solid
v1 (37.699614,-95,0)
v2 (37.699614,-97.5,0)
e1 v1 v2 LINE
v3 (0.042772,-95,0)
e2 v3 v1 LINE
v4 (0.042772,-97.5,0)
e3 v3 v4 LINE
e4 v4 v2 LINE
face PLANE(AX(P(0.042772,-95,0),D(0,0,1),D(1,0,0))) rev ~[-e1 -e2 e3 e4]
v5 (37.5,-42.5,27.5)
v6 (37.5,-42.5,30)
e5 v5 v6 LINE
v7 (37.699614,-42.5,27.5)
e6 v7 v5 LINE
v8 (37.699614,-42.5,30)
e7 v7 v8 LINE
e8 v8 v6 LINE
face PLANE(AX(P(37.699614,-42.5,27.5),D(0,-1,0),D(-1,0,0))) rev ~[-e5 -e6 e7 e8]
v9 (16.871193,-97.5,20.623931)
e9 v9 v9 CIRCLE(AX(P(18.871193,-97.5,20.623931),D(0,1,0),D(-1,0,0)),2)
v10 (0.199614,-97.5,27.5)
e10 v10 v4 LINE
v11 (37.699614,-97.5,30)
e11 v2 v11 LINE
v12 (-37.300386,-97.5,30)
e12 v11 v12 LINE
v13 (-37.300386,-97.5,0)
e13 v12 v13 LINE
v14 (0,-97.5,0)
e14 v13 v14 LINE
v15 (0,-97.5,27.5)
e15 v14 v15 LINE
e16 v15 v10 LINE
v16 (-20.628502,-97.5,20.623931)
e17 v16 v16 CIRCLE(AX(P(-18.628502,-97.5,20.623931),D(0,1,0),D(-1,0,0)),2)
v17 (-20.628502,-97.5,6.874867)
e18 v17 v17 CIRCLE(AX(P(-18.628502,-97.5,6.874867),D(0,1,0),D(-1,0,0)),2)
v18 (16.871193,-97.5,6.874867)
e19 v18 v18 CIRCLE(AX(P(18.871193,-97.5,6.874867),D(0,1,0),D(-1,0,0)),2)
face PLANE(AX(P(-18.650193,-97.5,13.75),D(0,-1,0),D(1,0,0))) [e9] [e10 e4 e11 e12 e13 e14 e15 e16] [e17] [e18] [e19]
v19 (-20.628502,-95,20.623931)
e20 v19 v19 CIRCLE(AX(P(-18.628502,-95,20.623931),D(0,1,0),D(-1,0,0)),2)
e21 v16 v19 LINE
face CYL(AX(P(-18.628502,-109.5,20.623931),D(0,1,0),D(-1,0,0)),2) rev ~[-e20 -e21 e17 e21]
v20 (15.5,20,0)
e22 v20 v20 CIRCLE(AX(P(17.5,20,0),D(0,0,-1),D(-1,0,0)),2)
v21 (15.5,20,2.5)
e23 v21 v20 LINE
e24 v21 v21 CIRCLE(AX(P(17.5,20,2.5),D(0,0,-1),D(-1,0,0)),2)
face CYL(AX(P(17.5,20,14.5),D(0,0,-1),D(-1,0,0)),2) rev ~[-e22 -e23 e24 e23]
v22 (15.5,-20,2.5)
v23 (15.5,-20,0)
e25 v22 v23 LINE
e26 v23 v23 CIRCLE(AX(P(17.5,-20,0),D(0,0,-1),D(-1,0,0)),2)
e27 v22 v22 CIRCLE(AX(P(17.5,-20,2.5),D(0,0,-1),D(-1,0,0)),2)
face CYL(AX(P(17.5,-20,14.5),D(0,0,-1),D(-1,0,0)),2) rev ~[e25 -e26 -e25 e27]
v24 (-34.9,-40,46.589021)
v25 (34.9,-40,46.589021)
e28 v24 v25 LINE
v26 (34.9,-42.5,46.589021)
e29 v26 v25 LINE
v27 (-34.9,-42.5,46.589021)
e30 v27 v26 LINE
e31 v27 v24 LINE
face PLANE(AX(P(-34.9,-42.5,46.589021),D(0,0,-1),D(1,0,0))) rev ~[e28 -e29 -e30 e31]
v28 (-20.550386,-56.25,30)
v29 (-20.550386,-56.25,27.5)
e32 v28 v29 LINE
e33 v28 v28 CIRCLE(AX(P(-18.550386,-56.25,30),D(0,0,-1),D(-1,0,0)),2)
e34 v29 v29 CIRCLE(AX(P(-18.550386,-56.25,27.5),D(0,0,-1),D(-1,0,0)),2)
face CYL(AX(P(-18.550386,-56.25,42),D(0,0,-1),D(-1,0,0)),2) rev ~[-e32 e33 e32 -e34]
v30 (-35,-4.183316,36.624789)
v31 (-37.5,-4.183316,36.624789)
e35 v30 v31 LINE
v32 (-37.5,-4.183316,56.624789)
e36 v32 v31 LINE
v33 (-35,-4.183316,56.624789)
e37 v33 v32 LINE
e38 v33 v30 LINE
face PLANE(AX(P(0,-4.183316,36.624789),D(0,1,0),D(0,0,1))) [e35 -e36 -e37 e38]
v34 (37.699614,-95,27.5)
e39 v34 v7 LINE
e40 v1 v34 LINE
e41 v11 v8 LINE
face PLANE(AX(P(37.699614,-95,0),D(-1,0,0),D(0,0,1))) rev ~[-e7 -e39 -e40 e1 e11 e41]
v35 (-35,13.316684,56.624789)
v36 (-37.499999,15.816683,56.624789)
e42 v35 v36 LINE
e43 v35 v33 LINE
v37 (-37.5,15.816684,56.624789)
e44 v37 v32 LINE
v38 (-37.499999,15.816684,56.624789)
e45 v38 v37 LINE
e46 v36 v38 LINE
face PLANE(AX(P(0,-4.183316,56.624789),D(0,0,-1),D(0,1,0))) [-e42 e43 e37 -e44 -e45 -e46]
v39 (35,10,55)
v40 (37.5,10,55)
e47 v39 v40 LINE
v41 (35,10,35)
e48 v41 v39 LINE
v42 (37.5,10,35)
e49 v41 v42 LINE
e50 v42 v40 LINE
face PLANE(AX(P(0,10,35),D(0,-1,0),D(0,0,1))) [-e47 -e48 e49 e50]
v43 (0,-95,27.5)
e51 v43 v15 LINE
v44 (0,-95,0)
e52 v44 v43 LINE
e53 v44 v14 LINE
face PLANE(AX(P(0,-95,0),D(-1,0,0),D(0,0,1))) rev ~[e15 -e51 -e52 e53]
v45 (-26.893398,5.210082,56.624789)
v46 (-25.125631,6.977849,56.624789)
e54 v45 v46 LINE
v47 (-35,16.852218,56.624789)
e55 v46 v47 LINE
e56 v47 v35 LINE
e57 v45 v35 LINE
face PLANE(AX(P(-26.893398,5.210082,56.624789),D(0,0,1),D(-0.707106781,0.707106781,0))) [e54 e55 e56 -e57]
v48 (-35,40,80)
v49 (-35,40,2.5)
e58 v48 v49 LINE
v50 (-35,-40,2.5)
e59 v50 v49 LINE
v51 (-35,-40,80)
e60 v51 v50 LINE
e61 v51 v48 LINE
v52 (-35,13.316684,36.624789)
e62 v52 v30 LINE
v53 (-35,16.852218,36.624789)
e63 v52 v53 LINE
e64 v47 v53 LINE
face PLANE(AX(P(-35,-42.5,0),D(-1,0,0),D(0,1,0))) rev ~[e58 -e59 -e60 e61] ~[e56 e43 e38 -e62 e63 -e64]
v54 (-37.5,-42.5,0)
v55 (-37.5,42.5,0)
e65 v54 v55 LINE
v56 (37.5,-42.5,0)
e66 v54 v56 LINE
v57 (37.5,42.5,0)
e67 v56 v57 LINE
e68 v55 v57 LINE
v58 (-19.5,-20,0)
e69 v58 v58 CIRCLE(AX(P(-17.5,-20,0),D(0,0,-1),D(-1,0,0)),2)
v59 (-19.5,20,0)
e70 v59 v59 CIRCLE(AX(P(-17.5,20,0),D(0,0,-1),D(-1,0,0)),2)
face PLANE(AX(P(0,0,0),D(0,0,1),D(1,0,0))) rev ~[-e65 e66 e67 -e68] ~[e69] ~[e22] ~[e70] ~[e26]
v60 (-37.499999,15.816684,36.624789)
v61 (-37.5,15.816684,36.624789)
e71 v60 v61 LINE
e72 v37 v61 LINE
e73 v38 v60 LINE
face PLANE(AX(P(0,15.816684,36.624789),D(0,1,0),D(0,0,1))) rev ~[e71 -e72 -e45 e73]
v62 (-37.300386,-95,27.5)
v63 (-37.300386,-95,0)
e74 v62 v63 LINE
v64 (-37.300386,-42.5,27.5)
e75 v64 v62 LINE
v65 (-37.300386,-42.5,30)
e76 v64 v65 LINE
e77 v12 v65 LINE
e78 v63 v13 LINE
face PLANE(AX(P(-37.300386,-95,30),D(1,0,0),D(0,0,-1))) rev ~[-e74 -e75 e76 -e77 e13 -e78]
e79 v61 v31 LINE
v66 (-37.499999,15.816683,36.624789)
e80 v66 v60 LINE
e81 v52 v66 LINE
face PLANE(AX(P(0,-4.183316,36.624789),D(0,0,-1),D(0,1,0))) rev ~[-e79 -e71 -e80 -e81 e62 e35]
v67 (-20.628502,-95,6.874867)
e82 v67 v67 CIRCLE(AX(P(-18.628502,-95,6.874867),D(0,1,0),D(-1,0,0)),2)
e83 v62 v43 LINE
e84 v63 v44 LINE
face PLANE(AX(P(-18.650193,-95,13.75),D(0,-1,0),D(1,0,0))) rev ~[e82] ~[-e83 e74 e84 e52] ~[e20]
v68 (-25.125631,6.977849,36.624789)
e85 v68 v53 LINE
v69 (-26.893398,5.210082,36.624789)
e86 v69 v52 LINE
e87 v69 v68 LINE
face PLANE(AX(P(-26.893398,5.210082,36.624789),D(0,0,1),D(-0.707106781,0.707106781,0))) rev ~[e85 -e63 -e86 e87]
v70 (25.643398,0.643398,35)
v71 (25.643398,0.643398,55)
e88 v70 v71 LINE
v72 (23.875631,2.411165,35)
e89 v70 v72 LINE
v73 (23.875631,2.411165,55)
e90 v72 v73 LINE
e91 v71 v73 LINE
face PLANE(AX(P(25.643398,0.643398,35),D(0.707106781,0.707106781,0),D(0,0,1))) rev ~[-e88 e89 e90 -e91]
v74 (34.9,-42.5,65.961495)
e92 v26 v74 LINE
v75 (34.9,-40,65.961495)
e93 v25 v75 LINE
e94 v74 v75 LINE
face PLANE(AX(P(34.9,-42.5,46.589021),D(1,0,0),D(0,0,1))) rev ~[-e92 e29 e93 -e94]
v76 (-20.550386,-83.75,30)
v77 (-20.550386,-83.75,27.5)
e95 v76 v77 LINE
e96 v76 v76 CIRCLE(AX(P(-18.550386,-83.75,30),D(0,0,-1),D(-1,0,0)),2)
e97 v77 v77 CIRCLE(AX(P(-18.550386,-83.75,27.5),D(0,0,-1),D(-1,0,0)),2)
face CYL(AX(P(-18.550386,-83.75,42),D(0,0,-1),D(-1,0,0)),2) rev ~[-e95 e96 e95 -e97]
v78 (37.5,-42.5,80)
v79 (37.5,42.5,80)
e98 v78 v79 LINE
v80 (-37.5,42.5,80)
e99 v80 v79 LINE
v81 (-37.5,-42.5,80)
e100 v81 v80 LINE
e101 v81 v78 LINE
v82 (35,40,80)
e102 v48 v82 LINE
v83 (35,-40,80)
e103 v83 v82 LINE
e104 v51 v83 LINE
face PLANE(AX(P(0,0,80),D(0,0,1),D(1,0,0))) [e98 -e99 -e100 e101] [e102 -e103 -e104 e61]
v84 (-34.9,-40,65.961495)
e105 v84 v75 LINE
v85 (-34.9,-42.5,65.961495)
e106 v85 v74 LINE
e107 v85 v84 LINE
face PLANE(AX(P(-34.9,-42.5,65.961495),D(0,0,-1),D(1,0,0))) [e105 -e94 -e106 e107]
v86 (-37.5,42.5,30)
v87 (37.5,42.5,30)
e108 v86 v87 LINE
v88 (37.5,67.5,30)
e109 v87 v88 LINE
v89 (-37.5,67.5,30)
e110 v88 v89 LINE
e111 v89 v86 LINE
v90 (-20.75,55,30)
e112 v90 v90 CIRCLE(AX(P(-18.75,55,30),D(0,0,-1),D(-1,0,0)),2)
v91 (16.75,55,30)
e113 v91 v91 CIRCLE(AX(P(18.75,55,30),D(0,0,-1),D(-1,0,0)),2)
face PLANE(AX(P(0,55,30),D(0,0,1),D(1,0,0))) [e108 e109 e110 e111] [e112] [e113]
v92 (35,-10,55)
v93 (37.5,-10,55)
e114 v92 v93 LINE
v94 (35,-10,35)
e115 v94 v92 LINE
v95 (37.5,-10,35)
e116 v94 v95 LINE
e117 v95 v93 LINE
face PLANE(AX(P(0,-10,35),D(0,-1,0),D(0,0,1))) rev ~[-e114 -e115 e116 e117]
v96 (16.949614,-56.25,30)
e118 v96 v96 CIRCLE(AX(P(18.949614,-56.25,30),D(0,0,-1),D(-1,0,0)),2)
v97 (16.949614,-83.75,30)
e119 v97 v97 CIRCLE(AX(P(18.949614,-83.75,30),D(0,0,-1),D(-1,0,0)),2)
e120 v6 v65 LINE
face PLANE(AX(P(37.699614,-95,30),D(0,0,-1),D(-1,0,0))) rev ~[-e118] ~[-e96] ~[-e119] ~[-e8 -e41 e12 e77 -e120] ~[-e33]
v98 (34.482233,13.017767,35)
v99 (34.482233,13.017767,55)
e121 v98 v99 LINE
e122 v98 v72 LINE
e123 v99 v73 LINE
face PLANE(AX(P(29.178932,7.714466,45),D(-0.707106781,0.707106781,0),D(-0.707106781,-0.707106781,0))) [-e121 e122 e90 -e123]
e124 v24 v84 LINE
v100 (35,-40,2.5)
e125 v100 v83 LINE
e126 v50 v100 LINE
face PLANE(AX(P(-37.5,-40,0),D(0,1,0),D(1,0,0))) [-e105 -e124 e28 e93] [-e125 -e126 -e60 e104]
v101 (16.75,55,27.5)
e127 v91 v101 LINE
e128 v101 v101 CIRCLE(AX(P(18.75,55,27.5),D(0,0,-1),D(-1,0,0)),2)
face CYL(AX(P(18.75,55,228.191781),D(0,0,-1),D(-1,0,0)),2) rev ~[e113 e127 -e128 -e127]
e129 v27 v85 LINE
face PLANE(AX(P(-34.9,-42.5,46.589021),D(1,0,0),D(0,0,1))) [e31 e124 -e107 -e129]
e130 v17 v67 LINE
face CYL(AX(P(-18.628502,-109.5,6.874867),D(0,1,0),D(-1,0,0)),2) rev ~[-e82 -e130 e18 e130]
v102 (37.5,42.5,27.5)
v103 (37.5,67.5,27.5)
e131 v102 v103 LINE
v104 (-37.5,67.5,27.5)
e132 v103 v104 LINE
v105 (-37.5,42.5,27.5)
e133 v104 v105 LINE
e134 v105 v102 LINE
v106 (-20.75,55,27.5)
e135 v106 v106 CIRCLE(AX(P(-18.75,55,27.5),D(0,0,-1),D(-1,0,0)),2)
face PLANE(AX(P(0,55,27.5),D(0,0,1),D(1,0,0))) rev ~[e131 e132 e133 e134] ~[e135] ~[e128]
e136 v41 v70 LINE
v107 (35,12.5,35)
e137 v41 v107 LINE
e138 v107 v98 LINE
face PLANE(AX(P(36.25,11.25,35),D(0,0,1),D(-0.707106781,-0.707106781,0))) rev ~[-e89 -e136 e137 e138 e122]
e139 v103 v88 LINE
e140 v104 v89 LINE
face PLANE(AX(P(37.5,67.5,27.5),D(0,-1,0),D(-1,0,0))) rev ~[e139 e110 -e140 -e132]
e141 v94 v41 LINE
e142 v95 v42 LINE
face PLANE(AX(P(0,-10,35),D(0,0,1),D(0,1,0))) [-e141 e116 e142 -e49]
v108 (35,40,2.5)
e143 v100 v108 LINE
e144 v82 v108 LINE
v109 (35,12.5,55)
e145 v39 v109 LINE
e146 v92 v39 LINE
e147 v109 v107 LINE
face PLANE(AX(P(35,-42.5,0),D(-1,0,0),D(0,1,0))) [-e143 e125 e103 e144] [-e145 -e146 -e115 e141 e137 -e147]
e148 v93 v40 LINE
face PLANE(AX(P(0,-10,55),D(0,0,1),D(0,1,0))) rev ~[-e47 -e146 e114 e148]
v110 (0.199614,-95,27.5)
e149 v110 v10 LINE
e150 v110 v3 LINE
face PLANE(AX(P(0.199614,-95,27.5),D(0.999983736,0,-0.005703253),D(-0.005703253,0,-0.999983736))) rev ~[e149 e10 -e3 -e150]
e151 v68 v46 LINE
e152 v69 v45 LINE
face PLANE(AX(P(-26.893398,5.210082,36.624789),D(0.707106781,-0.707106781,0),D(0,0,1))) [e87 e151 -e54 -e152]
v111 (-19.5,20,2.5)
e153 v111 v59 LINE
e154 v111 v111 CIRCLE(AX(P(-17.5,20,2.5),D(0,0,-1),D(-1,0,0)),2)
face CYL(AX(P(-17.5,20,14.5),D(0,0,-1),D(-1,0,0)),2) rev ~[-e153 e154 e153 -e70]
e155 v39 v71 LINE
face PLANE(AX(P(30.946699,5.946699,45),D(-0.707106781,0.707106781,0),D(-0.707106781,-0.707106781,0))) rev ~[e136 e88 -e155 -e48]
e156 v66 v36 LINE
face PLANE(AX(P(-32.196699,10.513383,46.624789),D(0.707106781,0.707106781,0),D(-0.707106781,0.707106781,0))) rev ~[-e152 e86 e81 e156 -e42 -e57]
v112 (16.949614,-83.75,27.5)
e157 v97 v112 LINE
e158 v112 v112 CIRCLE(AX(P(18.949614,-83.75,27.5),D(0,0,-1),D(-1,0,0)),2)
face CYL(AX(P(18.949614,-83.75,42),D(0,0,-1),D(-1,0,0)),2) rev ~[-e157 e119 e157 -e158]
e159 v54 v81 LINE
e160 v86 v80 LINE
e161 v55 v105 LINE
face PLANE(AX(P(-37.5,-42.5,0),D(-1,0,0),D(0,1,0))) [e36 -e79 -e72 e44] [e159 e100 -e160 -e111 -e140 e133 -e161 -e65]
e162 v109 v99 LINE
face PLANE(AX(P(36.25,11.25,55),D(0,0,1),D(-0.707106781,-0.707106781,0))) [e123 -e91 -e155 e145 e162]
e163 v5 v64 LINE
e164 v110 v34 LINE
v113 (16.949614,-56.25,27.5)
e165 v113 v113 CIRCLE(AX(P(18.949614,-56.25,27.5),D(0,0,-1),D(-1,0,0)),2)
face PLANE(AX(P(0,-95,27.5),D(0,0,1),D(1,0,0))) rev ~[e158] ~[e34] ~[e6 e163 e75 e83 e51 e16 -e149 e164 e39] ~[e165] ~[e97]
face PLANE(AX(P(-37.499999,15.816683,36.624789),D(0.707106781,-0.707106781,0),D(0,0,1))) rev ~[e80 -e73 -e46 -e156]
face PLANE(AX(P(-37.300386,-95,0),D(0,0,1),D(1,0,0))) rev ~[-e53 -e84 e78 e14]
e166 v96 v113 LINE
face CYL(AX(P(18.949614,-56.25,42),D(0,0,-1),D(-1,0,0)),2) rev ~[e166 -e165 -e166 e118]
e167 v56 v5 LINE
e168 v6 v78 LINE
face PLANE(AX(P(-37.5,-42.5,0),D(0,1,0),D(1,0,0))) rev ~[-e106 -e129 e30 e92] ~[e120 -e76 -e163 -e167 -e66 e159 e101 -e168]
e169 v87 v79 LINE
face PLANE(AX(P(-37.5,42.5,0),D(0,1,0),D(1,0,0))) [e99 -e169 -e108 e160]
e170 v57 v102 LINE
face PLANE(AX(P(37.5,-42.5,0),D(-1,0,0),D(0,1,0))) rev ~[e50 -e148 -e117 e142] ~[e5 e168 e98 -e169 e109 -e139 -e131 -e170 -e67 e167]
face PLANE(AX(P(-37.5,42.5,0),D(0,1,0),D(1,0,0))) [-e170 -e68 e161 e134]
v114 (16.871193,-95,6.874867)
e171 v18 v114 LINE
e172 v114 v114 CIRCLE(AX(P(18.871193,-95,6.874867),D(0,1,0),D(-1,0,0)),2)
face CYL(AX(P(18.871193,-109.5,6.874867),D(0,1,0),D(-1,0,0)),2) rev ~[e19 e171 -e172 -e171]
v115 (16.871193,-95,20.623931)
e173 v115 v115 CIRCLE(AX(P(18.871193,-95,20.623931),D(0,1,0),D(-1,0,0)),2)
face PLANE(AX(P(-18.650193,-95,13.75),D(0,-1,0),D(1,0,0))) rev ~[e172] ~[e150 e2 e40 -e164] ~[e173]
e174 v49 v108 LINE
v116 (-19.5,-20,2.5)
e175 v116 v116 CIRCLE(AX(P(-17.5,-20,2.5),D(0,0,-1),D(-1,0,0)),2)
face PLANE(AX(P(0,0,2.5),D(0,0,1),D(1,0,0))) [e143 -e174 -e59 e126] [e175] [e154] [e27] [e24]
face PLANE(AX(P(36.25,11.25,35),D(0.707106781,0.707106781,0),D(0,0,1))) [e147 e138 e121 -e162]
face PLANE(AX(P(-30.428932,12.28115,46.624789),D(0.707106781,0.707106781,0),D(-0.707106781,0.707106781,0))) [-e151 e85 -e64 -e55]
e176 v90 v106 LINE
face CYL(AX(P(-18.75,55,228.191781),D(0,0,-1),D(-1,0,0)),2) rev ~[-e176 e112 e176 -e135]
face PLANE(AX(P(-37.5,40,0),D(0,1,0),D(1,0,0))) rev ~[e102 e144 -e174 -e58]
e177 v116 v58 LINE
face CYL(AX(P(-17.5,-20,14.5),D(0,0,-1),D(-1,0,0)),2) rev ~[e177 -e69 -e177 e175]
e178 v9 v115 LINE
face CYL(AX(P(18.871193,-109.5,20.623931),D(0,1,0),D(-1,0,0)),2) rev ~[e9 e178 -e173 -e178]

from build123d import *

# Parameters (mm, degrees)
F0_W      = 75
F0_H      = 85
F1_DEPTH  = 80
F2_T      = -2.5
F3_W      = 69.8
F3_H      = 19.372474
F4_DEPTH  = 2.5
F5_W      = 20
F5_H      = 20
F6_DEPTH  = 85
F7_W      = 20
F7_H      = 20
F8_DEPTH  = 40
F13_DEPTH = 2.5
F15_W     = 15
F15_H     = 20
F16_DEPTH = 2.5
F18_W     = 15
F18_H     = 20
F19_DEPTH = 2.5
F14_W     = 37.300386
F14_H     = 27.5
F20_DEPTH = 2.5
F22_DEPTH = 2.5
F24_D     = 4
F26_D     = 4
F26_DEPTH = 12
F28_D     = 4
F28_DEPTH = 12
F30_D     = 4
F30_DEPTH = 12


with BuildPart() as f1:
    # F0 (on Top) → F1 (new body)
    with BuildSketch(Plane.XY):
        Rectangle(F0_W, F0_H)
    extrude(amount=F1_DEPTH)

    # F2
    f2_openings = [f1.faces().sort_by_distance(p)[0] for p in [
        (0, 0, 80),
    ]]
    offset(amount=F2_T, openings=f2_openings)

    # F3 (on face) → F4 (cut)
    with BuildSketch(Plane.XZ.offset(42.5)):
        with Locations((0, 56.275258)):
            Rectangle(F3_W, F3_H)
    extrude(amount=-F4_DEPTH, mode=Mode.SUBTRACT)

    # F5 (on Right) → F6 (cut)
    with BuildSketch(Plane.YZ):
        with Locations((5.816684, 46.624789)):
            Rectangle(F5_W, F5_H)
    extrude(amount=-F6_DEPTH, mode=Mode.SUBTRACT)

    # F7 (on Right) → F8 (cut)
    with BuildSketch(Plane.YZ):
        with Locations((0, 45)):
            Rectangle(F7_W, F7_H)
    extrude(amount=F8_DEPTH, mode=Mode.SUBTRACT)

    # F12 (on face) → F13 (join)
    with BuildSketch(Plane.XY.offset(27.5)):
        Polygon((37.699614, -42.5), (0.199614, -42.5), (-37.300386, -42.5), (-37.300386, -95), (37.699614, -95), align=None)
    extrude(amount=F13_DEPTH)

    # F15 (on face) → F16 (join)
    with BuildSketch(Plane(origin=(12.5, -12.5, 0), x_dir=(-0.707107, -0.707107, 0), z_dir=(-0.707107, 0.707107, 0))):
        with Locations((-26.087572, 45)):
            Rectangle(F15_W, F15_H)
    extrude(amount=F16_DEPTH)

    # F18 (on face) → F19 (join)
    with BuildSketch(Plane(origin=(-10.841658, -10.841658, 0), x_dir=(-0.707107, 0.707107, 0), z_dir=(0.707107, 0.707107, 0))):
        with Locations((30.200588, 46.624789)):
            Rectangle(F18_W, F18_H)
    extrude(amount=F19_DEPTH)

    # F14 (on face) → F20 (join)
    with BuildSketch(Plane.XZ.offset(95)):
        with Locations((-18.650193, 13.75)):
            Rectangle(F14_W, F14_H)
        Polygon((37.699614, 27.5), (0.199614, 27.5), (0.042772, 0), (37.699614, 0), align=None)
        Polygon((0, 27.5), (0.199614, 27.5), (37.699614, 27.5), (37.699614, 30), (-37.300386, 30), (-37.300386, 27.5), align=None)
    extrude(amount=F20_DEPTH)

    # F21 (on face) → F22 (join)
    with BuildSketch(Plane.XY.offset(27.5)):
        Polygon((-37.5, 42.5), (0, 42.5), (37.5, 42.5), (37.5, 67.5), (-37.5, 67.5), align=None)
    extrude(amount=F22_DEPTH)

    # F24 (through all)
    with Locations(Plane.XY.offset(30)):
        with Locations((-18.75, 55), (18.75, 55)):
            Hole(F24_D / 2)

    # F26
    with Locations(Plane.XZ.offset(97.5)):
        with Locations((-18.628502, 20.623931), (-18.628502, 6.874867), (18.871193, 6.874867), (18.871193, 20.623931)):
            Hole(F26_D / 2, depth=F26_DEPTH)

    # F28
    with Locations(Plane.XY.offset(30)):
        with Locations((-18.550386, -56.25), (18.949614, -56.25), (18.949614, -83.75), (-18.550386, -83.75)):
            Hole(F28_D / 2, depth=F28_DEPTH)

    # F30
    with Locations(Plane.XY.offset(2.5)):
        with Locations((-17.5, 20), (17.5, 20), (-17.5, -20), (17.5, -20)):
            Hole(F30_D / 2, depth=F30_DEPTH)


solid = f1.part
